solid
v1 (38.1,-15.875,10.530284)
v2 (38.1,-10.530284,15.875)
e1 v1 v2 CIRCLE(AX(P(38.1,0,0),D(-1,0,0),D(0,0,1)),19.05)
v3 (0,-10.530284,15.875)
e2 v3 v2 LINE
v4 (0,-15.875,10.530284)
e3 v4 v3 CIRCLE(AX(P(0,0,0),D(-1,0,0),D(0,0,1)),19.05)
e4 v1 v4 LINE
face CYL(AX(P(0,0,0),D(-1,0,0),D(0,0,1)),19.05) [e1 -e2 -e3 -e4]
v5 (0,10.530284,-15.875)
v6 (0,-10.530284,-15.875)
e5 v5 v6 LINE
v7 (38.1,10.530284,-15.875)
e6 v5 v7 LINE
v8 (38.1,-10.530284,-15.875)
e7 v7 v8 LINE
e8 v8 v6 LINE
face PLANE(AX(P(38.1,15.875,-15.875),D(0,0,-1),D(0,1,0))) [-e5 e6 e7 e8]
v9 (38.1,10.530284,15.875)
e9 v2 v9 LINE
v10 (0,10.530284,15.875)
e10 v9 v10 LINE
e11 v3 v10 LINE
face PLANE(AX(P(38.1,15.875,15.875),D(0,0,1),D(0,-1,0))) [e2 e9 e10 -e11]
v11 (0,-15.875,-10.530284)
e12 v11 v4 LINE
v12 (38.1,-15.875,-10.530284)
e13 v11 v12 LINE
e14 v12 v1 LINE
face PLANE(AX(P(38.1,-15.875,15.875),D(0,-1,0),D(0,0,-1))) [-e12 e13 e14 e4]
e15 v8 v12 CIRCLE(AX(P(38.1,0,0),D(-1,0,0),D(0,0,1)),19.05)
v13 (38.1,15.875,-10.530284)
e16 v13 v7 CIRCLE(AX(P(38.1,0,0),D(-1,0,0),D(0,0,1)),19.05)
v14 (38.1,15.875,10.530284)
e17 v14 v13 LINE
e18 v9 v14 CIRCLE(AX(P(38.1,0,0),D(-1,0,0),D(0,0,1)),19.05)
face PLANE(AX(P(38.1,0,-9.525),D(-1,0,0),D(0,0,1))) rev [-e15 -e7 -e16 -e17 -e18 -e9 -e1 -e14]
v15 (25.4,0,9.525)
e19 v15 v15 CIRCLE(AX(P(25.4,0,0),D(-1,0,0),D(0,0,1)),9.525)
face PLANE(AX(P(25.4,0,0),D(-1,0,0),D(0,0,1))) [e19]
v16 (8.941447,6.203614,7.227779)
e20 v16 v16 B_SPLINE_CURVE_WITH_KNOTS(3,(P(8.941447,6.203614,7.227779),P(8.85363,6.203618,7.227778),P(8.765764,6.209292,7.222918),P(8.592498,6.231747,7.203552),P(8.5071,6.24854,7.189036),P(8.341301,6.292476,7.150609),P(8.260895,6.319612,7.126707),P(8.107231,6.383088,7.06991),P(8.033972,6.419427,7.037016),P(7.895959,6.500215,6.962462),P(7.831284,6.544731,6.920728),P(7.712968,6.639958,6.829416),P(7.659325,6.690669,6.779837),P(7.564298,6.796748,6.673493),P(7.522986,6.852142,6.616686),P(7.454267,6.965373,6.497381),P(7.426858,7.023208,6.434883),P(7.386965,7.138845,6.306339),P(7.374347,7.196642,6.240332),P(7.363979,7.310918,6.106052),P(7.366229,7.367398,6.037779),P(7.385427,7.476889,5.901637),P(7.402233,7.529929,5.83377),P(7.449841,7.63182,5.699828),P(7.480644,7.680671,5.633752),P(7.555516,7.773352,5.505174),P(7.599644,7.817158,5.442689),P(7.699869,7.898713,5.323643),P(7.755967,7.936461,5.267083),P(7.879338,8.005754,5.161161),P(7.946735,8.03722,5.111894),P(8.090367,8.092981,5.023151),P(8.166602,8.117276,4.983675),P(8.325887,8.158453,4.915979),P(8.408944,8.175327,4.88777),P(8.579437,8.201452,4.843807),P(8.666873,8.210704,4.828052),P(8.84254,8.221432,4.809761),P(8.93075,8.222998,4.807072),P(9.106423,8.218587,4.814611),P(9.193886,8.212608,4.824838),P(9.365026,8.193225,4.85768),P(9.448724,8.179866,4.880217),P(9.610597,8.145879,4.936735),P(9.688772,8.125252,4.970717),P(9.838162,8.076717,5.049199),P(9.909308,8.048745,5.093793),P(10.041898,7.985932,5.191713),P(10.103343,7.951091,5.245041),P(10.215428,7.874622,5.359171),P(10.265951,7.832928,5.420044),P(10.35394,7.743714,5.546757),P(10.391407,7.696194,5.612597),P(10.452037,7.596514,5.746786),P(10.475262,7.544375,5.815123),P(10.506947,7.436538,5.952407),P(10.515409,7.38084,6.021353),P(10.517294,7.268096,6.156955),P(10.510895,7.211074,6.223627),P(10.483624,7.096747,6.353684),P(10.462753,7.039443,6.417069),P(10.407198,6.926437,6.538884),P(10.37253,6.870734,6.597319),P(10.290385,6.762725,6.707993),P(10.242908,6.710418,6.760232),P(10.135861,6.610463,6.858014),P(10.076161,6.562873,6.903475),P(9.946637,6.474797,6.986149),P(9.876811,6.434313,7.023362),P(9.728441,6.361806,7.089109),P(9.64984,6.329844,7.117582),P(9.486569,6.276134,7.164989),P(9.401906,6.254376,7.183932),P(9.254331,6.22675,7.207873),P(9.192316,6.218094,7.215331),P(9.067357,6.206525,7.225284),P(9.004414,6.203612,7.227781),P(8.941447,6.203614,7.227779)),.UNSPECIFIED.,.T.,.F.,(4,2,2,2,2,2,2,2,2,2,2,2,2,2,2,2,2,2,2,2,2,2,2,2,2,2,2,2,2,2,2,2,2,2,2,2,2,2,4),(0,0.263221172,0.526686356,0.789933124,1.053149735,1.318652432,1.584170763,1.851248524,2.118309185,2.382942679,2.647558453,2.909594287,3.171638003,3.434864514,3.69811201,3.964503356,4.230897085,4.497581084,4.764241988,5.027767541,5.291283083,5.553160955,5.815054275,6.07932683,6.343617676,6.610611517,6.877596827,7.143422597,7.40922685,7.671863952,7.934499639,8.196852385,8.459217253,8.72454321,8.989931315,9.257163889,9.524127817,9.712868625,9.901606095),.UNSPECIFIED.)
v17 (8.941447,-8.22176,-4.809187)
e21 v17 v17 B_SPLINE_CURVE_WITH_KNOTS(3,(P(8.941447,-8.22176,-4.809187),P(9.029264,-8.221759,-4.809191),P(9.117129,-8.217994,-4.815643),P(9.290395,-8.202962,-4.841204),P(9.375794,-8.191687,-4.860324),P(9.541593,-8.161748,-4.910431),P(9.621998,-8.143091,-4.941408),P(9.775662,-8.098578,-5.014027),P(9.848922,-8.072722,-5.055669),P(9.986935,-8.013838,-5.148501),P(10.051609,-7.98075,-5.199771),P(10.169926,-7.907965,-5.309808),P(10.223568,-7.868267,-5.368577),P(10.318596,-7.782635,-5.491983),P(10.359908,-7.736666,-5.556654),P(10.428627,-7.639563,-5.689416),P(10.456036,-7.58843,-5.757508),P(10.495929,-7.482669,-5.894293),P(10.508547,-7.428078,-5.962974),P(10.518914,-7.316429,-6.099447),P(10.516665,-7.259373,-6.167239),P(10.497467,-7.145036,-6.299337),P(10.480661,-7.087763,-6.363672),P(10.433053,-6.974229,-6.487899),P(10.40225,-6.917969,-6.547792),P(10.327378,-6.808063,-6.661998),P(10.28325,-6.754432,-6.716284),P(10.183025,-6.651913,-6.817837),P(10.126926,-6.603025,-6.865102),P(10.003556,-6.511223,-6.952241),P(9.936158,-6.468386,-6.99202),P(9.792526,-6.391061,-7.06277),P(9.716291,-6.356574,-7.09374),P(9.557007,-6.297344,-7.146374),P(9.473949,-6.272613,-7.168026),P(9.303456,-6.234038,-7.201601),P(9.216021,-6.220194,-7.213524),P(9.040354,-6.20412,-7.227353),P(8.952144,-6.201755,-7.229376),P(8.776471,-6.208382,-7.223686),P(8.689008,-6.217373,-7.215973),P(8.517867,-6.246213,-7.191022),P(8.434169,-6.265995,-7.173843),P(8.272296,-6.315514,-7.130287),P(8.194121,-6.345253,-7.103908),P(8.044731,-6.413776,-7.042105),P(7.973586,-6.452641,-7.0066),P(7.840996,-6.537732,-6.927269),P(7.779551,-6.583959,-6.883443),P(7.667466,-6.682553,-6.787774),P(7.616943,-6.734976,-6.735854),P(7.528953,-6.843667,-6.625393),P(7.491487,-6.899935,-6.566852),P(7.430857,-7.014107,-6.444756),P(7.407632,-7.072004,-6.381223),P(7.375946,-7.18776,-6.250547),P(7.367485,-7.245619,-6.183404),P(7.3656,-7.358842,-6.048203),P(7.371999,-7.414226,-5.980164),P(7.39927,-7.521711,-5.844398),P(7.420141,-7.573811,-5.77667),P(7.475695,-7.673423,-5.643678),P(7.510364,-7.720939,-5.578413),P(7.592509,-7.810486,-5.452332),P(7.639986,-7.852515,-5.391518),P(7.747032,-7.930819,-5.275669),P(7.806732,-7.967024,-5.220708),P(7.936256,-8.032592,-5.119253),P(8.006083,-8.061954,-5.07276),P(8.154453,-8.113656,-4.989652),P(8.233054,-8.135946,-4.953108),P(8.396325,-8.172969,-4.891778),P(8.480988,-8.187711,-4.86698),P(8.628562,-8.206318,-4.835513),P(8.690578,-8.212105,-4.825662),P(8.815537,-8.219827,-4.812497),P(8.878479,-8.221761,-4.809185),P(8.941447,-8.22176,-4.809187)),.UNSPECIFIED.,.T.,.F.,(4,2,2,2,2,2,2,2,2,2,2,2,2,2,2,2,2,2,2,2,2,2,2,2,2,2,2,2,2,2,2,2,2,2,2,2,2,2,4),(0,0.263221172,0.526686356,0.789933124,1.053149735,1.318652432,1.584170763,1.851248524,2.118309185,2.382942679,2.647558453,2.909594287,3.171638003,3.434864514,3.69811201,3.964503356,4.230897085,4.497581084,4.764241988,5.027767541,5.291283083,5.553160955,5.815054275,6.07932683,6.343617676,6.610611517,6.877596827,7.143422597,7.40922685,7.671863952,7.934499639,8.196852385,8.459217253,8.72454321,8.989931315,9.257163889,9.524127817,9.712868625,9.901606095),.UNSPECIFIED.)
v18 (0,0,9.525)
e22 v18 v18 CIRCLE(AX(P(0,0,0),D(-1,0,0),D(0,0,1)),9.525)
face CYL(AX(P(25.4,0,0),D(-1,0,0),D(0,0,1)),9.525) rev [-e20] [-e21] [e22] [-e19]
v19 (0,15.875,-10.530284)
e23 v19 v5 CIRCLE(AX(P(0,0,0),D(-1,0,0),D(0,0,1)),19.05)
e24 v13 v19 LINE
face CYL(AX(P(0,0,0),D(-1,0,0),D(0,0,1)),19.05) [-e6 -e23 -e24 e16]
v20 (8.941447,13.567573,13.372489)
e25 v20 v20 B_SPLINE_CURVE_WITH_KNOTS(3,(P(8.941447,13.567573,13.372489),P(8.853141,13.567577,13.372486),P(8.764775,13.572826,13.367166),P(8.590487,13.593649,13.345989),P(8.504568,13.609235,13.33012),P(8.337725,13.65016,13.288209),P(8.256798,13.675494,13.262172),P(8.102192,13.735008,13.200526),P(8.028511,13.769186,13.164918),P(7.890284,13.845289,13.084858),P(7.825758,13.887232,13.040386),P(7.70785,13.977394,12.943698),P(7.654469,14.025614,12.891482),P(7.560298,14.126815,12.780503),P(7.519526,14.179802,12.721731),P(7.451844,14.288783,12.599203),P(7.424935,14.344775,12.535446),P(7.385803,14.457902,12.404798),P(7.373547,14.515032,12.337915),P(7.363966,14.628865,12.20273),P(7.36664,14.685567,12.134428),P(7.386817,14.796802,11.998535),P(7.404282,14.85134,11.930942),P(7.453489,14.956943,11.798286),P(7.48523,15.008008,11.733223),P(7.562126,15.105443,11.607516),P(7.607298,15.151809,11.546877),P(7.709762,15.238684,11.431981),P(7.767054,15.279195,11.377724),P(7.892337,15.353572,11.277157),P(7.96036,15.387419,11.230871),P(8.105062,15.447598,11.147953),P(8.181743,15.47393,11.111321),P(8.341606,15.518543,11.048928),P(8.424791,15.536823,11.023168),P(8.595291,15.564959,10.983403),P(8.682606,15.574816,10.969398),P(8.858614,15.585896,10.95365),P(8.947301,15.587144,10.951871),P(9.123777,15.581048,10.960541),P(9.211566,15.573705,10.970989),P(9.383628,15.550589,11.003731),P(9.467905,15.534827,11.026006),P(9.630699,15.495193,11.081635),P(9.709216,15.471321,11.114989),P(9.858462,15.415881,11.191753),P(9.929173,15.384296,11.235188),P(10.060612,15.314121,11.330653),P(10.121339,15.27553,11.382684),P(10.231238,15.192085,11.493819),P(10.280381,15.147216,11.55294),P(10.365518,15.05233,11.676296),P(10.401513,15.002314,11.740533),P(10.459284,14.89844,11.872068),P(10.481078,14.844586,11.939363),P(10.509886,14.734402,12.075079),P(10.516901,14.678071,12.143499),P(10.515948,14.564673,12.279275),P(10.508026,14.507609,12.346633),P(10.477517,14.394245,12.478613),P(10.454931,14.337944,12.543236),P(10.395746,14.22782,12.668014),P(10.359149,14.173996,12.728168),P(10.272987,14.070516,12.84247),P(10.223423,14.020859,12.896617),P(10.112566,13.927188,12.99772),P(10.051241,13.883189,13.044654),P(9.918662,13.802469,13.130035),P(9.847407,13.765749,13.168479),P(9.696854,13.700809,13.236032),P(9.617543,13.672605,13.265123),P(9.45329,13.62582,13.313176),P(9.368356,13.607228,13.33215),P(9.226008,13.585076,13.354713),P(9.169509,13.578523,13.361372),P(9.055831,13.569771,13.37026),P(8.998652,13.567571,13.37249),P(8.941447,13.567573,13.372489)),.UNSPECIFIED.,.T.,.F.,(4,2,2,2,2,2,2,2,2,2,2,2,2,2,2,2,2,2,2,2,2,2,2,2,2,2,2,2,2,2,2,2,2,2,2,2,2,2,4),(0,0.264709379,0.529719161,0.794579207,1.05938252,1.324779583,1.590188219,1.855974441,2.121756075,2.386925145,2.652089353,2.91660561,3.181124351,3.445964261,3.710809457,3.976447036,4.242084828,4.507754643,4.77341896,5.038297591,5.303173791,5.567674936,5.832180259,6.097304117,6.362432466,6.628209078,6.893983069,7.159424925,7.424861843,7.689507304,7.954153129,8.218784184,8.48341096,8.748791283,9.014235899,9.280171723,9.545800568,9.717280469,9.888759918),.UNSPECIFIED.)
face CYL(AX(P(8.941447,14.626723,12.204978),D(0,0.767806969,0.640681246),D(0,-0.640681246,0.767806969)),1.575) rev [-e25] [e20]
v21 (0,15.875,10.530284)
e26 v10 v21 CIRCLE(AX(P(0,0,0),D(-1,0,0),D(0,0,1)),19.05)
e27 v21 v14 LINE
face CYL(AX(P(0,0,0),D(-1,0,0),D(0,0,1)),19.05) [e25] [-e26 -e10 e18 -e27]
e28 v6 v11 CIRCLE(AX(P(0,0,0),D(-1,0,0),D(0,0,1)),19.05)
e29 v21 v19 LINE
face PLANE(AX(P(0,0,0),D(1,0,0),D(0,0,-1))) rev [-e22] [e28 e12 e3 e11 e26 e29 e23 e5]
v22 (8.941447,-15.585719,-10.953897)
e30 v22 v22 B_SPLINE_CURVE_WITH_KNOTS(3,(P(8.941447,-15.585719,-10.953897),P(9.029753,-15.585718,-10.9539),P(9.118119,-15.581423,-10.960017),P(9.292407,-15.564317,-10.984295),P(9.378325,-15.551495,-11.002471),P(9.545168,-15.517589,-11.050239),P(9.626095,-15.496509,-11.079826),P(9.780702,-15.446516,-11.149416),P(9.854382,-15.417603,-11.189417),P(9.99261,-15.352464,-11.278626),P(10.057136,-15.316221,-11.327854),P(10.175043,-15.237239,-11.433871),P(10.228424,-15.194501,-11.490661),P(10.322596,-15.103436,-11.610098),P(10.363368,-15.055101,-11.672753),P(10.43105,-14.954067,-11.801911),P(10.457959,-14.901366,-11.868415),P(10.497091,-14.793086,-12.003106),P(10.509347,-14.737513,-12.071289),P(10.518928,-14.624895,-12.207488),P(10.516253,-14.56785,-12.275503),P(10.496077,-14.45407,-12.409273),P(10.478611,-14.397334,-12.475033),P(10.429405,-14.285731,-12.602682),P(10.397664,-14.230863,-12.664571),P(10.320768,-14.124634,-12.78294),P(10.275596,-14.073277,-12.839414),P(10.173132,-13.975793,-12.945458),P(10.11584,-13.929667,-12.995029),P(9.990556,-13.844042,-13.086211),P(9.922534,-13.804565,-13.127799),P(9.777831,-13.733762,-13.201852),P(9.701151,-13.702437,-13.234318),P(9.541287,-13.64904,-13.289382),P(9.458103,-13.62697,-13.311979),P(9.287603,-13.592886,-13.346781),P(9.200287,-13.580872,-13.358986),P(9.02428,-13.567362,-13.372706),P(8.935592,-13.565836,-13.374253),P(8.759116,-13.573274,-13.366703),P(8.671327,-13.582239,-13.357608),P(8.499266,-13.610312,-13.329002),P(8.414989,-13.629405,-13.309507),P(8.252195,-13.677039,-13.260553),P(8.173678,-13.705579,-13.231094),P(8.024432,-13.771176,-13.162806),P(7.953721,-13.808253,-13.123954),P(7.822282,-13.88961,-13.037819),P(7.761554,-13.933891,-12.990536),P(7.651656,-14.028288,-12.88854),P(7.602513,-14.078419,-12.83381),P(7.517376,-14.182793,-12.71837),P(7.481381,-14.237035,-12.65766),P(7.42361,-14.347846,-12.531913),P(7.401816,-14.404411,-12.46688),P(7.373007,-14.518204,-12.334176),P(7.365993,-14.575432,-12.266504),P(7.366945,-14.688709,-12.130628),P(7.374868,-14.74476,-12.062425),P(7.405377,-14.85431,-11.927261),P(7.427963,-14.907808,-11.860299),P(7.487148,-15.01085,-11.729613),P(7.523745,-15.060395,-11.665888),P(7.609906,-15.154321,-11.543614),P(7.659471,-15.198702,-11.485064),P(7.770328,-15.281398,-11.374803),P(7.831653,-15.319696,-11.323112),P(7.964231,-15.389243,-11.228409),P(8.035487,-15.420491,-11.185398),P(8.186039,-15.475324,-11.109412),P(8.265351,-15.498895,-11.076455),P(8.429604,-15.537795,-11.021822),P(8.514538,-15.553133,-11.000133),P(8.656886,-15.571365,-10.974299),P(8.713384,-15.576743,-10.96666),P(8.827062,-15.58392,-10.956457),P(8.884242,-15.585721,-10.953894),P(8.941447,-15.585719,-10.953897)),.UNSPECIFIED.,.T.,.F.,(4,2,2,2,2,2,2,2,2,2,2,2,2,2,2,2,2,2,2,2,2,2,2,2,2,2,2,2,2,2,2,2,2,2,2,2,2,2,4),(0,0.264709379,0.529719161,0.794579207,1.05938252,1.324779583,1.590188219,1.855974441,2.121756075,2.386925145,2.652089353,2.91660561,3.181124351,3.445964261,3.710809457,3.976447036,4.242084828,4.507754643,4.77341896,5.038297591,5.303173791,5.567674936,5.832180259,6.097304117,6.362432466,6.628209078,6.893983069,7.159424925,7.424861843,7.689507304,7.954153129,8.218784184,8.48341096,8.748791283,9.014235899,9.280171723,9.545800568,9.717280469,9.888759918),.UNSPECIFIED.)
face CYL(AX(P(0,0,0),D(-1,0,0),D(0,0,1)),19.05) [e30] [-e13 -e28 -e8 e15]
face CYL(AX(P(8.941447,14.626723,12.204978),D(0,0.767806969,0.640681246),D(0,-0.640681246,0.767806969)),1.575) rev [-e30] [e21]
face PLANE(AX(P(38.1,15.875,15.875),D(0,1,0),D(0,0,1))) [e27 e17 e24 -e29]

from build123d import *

# Parameters (mm, degrees)
TAP_DRILL_FOR_M3_HELICOIL1_D = 3.15
SKETCH10_W                   = 44.45
SKETCH10_H                   = 44.45
SKETCH10_W_2                 = 31.75
SKETCH10_H_2                 = 31.75
CUT_EXTRUDE2_DEPTH           = 39.1000001
SKETCH11_R                   = 9.525
CUT_EXTRUDE3_DEPTH           = 25.4


with BuildPart() as part:
    # Sketch1 → Revolve1 (revolve)
    with BuildSketch(Plane(origin=(0, 0, 0), x_dir=(1, 0, 0), z_dir=(0, 1, 0))):
        Polygon((0, 0), (0, 19.05), (38.1, 19.05), (38.1, 9.525), (38.1, 0), align=None)
    revolve(axis=Axis((0, 0, 0), (1, 0, 0)))

    # Tap Drill for M3 Helicoil1 (through all)
    with Locations(Plane(origin=(8.941446853, 14.626722755, 12.204977732), x_dir=(0, -0.640681246, 0.767806969), z_dir=(0, 0.767806969, 0.640681246))):
        with Locations((0, 0)):
            Hole(TAP_DRILL_FOR_M3_HELICOIL1_D / 2)

    # Sketch10 → Cut-Extrude2 (cut, through all)
    with BuildSketch(Plane.ZY):
        Rectangle(SKETCH10_W, SKETCH10_H)
        Rectangle(SKETCH10_W_2, SKETCH10_H_2, mode=Mode.SUBTRACT)
    extrude(amount=-CUT_EXTRUDE2_DEPTH, mode=Mode.SUBTRACT)

    # Sketch11 → Cut-Extrude3 (cut)
    with BuildSketch(Plane.ZY):
        Circle(SKETCH11_R)
    extrude(amount=-CUT_EXTRUDE3_DEPTH, mode=Mode.SUBTRACT)


solid = part.part
